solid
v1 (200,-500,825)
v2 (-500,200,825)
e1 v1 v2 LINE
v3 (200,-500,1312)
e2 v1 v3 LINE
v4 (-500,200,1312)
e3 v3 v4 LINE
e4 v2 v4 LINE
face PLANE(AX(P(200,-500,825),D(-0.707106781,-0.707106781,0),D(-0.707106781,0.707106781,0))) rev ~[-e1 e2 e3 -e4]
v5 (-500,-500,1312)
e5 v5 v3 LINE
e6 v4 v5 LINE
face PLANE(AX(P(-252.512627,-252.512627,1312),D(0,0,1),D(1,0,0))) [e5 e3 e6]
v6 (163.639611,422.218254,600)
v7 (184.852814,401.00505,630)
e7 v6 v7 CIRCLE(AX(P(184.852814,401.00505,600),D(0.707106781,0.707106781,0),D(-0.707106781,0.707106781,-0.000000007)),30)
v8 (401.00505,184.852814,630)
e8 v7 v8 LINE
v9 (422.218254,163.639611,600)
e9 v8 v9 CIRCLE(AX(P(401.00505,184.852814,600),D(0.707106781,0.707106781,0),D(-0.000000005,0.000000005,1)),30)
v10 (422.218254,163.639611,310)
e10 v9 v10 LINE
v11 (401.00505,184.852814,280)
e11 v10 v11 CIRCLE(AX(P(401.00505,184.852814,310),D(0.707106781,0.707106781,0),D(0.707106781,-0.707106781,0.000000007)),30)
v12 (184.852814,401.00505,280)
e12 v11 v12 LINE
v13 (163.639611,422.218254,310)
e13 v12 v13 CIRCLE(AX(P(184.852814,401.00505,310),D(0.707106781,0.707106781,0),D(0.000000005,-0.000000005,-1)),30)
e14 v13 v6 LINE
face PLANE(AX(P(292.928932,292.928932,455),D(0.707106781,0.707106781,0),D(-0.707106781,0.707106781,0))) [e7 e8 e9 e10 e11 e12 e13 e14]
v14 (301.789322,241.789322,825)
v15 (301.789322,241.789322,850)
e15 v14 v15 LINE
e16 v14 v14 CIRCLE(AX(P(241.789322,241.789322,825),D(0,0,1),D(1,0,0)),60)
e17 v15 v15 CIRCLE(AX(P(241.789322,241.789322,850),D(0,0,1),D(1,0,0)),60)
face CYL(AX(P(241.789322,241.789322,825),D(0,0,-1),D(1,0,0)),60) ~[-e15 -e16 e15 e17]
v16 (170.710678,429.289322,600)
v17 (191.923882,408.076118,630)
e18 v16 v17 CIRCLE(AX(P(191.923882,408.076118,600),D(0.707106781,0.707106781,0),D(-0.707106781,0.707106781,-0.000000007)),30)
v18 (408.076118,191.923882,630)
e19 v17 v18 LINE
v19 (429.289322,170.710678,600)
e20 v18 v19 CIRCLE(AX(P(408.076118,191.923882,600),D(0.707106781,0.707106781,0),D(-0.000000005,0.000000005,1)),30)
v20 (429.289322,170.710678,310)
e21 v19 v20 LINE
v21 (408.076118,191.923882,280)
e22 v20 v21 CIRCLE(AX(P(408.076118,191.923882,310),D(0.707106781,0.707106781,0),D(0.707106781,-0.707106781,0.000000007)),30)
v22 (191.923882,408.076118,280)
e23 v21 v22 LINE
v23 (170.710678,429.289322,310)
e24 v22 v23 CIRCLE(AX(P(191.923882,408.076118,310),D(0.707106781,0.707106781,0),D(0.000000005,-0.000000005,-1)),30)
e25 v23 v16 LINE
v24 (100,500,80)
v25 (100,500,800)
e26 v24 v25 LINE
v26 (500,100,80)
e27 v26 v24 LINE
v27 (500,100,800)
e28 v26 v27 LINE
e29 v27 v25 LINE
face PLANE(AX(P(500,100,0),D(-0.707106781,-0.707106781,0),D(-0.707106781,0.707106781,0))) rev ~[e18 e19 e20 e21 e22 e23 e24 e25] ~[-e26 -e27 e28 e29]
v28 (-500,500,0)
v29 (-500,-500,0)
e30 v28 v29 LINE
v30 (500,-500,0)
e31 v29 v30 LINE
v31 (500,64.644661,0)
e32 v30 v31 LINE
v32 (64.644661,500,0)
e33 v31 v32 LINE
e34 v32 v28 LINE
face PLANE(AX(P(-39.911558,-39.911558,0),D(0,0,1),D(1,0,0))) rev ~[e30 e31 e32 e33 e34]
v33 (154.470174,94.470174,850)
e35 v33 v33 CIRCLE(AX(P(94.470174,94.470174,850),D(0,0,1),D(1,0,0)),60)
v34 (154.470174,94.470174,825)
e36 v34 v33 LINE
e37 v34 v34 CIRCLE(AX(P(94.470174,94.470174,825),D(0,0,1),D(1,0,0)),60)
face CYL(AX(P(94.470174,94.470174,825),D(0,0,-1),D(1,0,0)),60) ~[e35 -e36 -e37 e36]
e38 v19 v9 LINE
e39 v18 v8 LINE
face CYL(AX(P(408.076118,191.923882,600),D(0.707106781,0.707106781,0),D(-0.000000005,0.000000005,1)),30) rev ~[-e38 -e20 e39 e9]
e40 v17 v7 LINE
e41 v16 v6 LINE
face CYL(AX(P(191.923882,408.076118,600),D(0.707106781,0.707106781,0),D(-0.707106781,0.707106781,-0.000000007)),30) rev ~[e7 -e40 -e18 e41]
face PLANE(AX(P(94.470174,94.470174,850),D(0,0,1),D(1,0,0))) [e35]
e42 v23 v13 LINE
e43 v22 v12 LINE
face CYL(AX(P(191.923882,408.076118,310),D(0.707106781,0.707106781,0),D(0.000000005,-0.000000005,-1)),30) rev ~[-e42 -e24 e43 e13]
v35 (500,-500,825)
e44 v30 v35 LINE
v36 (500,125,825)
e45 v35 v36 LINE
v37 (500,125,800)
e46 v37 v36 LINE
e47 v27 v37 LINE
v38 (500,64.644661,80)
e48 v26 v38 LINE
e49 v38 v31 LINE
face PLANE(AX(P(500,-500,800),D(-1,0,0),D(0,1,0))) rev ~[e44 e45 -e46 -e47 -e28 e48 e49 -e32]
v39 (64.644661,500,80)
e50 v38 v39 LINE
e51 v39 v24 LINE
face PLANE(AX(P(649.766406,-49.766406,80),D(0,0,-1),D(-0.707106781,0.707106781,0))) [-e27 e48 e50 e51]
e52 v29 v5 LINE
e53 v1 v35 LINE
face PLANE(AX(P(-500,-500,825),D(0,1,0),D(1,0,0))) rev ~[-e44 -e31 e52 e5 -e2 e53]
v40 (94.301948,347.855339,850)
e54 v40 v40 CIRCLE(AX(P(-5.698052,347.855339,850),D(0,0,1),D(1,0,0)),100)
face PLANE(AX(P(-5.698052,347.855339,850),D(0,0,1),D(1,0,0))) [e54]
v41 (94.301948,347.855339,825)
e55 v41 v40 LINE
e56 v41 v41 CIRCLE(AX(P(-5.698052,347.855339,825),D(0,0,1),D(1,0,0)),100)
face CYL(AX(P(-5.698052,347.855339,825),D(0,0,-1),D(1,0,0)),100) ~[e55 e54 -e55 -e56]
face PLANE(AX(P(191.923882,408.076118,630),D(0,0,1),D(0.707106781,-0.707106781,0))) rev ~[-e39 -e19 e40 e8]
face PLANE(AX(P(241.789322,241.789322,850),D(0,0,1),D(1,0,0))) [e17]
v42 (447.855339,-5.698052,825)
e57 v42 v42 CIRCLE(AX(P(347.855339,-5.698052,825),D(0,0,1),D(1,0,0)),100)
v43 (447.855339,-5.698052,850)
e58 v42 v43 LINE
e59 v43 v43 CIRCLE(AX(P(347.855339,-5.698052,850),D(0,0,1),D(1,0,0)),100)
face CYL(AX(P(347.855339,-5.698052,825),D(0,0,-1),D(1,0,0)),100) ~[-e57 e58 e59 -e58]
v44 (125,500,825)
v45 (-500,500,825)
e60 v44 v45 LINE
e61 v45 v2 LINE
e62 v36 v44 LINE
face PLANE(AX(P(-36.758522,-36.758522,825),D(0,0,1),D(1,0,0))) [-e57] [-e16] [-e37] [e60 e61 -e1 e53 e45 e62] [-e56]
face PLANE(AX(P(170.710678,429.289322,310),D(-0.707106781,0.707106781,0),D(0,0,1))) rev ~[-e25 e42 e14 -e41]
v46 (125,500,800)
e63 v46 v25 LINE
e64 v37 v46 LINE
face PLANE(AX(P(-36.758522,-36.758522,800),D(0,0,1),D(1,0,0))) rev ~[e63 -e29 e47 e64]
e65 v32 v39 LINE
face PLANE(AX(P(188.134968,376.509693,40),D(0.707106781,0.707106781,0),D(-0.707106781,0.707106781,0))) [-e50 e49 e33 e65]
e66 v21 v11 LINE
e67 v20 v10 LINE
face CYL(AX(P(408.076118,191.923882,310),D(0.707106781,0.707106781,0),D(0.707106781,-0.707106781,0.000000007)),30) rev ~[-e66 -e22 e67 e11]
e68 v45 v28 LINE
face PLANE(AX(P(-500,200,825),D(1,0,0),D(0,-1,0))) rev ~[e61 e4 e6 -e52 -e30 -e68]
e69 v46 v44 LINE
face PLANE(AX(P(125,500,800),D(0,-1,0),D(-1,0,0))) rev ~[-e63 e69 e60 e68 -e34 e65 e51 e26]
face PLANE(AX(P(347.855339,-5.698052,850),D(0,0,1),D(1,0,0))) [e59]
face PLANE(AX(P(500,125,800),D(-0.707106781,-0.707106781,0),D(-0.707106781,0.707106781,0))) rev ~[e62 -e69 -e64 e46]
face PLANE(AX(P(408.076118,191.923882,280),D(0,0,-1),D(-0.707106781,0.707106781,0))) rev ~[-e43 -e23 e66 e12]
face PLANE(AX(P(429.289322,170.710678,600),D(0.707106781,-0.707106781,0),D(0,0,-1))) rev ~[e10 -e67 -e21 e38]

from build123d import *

# Parameters (mm, degrees)
F1_DEPTH  = 800
F3_DEPTH  = 25
F4_W      = 1255.690882
F4_H      = 80
F5_DEPTH  = 25
F6_R      = 60
F6_R_2    = 100
F7_DEPTH  = 25
F9_DEPTH  = 10
F11_DEPTH = 487


with BuildPart() as f1:
    # F0 (on Top) → F1 (new body)
    with BuildSketch(Plane.XY):
        Polygon((-500, 500), (-500, -500), (500, -500), (500, 100), (100, 500), align=None)
    extrude(amount=F1_DEPTH)

    # F2 (on face) → F3 (join)
    with BuildSketch(Plane.XY.offset(800)):
        Polygon((-500, 500), (-500, -500), (500, -500), (500, 125), (125, 500), align=None)
    extrude(amount=F3_DEPTH)

    # F4 (on face) → F5 (cut)
    with BuildSketch(Plane(origin=(300, 300, 0), x_dir=(-0.707107, 0.707107, 0), z_dir=(0.707107, 0.707107, 0))):
        with Locations((133.201046, 40)):
            Rectangle(F4_W, F4_H)
    extrude(amount=-F5_DEPTH, mode=Mode.SUBTRACT)

    # F6 (on face) → F7 (join)
    with BuildSketch(Plane.XY.offset(825)):
        with Locations((241.789322, 241.789322)):
            Circle(F6_R)
        with Locations((94.470174, 94.470174)):
            Circle(F6_R)
        with Locations((347.855339, -5.698052)):
            Circle(F6_R_2)
        with Locations((-5.698052, 347.855339)):
            Circle(F6_R_2)
    extrude(amount=F7_DEPTH)

    # F8 (on face) → F9 (cut)
    with BuildSketch(Plane(origin=(300, 300, 0), x_dir=(-0.707107, 0.707107, 0), z_dir=(0.707107, 0.707107, 0))):
        with BuildLine():
            ThreePointArc((-182.842712, 310), (-174.055916, 288.786797), (-152.842712, 280))
            Line((-152.842712, 280), (152.842712, 280))
            ThreePointArc((152.842712, 280), (174.055916, 288.786797), (182.842712, 310))
            Line((182.842712, 310), (182.842712, 600))
            ThreePointArc((182.842712, 600), (174.055916, 621.213203), (152.842712, 630))
            Line((152.842712, 630), (-152.842712, 630))
            ThreePointArc((-152.842712, 630), (-174.055916, 621.213203), (-182.842712, 600))
            Line((-182.842712, 600), (-182.842712, 310))
        make_face()
    extrude(amount=-F9_DEPTH, mode=Mode.SUBTRACT)

    # F10 (on face) → F11 (join)
    with BuildSketch(Plane.XY.offset(825)):
        Polygon((-500, 200), (-500, -500), (200, -500), align=None)
    extrude(amount=F11_DEPTH)


solid = f1.part
